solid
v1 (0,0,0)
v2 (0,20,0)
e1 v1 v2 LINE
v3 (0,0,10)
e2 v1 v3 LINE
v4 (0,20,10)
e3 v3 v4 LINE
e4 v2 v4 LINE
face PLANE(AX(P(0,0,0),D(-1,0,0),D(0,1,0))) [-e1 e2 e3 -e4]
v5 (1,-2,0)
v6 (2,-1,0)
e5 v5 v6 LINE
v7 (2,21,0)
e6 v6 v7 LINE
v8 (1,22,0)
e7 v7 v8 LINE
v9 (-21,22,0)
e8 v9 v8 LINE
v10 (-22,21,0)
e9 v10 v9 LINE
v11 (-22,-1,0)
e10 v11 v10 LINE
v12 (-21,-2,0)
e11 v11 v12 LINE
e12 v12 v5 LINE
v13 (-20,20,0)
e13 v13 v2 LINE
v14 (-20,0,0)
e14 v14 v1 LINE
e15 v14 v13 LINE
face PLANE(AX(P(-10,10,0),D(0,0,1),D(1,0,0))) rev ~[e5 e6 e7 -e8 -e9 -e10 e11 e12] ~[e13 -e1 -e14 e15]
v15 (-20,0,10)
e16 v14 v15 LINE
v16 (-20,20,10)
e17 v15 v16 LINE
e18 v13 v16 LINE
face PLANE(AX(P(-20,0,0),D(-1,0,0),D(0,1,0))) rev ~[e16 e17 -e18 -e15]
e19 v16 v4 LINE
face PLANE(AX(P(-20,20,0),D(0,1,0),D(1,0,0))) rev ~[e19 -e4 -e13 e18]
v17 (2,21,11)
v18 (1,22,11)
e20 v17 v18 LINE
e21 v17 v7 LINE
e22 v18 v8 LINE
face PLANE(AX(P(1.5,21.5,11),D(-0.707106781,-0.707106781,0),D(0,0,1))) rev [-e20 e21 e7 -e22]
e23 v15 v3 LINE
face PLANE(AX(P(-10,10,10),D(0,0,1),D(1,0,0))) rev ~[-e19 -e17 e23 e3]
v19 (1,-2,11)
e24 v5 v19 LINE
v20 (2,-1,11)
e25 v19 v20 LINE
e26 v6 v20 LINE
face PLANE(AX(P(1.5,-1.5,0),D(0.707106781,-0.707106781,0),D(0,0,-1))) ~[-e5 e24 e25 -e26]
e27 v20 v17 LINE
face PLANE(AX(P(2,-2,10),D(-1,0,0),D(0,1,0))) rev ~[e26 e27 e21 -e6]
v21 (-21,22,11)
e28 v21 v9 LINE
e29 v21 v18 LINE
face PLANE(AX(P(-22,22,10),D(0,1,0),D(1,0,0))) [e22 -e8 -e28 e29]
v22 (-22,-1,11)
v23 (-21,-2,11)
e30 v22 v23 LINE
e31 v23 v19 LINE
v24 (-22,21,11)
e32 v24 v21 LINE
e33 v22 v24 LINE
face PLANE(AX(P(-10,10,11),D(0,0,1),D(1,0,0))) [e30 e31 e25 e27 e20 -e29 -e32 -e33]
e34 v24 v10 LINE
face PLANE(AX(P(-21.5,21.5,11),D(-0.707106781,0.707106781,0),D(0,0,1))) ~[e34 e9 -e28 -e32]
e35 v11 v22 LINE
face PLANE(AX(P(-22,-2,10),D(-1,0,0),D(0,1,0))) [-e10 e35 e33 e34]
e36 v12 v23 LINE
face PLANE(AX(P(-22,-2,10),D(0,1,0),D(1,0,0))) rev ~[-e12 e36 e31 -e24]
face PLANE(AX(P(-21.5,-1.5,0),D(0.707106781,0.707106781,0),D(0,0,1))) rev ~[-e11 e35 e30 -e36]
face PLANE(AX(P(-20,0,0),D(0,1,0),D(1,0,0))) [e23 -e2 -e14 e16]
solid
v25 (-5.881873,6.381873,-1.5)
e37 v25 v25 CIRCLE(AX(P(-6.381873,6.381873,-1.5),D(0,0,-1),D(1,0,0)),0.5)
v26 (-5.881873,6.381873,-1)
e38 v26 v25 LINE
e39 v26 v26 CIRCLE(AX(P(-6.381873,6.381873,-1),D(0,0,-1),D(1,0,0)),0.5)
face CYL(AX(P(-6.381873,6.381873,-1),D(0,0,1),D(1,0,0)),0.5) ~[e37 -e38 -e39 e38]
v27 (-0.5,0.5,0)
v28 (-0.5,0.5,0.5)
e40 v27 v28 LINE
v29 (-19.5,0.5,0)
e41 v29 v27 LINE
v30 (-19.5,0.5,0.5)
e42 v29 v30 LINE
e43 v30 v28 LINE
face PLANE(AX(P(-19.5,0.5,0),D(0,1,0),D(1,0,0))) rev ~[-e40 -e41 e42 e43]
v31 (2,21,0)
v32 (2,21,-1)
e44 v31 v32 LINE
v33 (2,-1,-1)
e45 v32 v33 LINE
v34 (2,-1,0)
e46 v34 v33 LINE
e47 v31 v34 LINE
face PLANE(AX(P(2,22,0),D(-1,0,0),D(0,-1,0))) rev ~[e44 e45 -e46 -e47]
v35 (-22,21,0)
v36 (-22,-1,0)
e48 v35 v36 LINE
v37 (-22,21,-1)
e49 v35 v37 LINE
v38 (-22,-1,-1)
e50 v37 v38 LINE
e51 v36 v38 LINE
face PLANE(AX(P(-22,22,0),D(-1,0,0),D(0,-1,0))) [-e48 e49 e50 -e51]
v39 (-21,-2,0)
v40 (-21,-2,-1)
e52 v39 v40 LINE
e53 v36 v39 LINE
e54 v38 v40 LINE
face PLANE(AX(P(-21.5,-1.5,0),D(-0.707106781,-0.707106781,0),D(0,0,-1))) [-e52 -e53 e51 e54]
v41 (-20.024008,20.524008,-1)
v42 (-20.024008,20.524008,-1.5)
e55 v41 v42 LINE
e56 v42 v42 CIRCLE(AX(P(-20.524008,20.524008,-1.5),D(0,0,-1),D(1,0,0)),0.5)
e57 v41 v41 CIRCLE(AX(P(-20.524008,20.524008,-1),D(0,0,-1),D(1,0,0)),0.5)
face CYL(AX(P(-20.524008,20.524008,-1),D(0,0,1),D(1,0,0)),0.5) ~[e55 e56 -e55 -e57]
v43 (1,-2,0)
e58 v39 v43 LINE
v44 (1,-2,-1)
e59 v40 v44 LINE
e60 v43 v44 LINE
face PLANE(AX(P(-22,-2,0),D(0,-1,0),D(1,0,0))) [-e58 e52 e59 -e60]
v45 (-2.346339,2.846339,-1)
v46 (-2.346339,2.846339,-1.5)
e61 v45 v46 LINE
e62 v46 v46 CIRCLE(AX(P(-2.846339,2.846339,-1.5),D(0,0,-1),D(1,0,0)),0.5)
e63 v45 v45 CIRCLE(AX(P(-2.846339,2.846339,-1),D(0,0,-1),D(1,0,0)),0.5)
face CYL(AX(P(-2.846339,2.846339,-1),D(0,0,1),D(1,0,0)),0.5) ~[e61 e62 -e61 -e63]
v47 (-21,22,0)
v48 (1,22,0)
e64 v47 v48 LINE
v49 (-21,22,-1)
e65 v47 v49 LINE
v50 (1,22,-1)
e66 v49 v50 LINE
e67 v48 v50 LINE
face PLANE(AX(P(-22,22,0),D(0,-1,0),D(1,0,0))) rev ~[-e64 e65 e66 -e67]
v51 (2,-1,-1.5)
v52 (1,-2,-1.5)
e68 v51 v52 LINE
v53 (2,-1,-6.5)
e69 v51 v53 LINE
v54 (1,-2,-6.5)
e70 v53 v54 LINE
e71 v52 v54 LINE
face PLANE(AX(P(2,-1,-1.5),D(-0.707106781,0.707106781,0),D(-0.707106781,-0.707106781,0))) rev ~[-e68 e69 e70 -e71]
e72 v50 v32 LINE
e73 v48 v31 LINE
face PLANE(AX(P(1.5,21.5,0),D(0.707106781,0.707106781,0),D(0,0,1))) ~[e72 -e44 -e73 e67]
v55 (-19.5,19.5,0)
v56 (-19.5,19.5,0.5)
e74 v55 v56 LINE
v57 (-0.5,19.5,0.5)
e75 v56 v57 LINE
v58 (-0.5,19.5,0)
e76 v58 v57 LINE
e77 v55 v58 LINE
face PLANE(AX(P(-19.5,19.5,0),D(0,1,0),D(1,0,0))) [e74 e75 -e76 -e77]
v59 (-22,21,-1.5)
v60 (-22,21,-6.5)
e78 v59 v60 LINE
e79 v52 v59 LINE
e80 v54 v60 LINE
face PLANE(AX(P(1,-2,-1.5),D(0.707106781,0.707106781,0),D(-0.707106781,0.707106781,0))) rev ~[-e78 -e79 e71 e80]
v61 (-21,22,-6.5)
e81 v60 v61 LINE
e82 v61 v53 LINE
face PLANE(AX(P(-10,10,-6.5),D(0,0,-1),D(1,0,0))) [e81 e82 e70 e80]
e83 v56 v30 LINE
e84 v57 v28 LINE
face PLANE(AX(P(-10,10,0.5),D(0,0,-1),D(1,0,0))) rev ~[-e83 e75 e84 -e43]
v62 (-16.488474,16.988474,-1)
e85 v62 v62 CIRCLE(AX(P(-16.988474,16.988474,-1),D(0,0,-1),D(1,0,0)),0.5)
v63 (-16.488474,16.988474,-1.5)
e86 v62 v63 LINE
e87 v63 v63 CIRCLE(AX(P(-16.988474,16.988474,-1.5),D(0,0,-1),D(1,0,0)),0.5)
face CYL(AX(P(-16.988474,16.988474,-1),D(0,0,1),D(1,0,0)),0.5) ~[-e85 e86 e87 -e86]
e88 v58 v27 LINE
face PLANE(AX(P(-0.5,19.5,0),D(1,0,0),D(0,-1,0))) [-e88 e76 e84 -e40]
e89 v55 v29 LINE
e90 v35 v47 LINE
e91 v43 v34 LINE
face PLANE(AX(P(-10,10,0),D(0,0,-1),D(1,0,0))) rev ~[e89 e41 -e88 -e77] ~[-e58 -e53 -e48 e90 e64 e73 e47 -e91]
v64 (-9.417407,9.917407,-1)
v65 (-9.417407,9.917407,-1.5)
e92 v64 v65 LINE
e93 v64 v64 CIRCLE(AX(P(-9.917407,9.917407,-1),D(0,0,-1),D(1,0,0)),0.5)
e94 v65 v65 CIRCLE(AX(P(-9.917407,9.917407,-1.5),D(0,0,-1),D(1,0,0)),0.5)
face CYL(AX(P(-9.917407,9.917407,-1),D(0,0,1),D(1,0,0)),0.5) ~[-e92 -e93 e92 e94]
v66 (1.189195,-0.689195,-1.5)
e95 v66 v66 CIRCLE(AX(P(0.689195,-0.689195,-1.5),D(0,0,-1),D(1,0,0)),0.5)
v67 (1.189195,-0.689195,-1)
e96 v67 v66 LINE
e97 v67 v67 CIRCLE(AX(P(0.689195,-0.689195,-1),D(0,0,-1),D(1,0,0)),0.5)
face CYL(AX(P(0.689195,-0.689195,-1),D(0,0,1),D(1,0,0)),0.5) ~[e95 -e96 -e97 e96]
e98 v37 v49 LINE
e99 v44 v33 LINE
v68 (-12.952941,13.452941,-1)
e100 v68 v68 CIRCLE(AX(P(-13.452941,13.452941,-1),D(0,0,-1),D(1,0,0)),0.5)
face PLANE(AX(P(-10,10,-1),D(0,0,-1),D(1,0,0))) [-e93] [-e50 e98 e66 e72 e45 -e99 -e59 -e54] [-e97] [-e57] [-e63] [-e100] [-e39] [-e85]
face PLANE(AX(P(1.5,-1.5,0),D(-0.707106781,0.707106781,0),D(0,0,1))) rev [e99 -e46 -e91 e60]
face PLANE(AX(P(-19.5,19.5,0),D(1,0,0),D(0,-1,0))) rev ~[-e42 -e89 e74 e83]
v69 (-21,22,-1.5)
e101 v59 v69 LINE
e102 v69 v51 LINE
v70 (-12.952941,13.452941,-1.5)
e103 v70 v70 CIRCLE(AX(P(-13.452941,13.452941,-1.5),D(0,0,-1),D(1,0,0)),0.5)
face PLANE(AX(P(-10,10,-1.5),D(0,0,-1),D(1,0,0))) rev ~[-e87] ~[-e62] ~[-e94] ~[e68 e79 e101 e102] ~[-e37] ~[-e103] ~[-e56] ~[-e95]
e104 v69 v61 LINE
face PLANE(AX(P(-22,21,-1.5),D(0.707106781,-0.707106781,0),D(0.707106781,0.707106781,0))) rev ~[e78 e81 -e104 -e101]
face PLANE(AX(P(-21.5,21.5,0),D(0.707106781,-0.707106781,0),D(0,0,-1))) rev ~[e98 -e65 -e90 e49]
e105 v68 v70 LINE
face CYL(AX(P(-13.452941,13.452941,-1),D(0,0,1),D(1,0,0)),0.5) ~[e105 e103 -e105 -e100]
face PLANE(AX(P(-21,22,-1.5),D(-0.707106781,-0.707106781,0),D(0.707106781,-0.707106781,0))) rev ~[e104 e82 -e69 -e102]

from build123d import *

# Parameters (mm, degrees)
SKETCH_W        = 24
SKETCH_H        = 24
SKETCH_W_2      = 20
SKETCH_H_2      = 20
PAD_DEPTH       = 10
SKETCH001_W     = 24
SKETCH001_H     = 24
PAD001_DEPTH    = 1
CHAMFER_SIZE    = 1
SKETCH002_W     = 24
SKETCH002_H     = 24
PAD002_DEPTH    = 1
SKETCH003_W     = 19
SKETCH003_H     = 19
PAD003_DEPTH    = 0.5
CHAMFER001_SIZE = 1
SKETCH004_R     = 0.5
PAD004_DEPTH    = 0.5
PAD005_DEPTH    = 5


with BuildPart() as box:
    # Sketch → Pad (new body)
    with BuildSketch(Plane.XY):
        with Locations((-10, 10)):
            Rectangle(SKETCH_W, SKETCH_H)
        with Locations((-10, 10)):
            Rectangle(SKETCH_W_2, SKETCH_H_2, mode=Mode.SUBTRACT)
    extrude(amount=PAD_DEPTH)

    # Sketch001 (on Face10 of Pad) → Pad001 (join)
    with BuildSketch(Plane.XY.offset(10)):
        with Locations((-10, 10)):
            Rectangle(SKETCH001_W, SKETCH001_H)
    extrude(amount=PAD001_DEPTH)

    # Chamfer
    chamfer_edges = [box.edges().sort_by_distance(p)[0] for p in [
        (-22, 22, 5),
        (2, 22, 5),
        (2, -2, 5),
        (-22, -2, 5),
    ]]
    chamfer(chamfer_edges, length=CHAMFER_SIZE)


with BuildPart() as cap:
    # Sketch002 (on Face1 of ShapeBinder) → Pad002 (new body)
    with BuildSketch(Plane(origin=(0, 0, 0), x_dir=(1, 0, 0), z_dir=(0, 0, -1))):
        with Locations((-10, -10)):
            Rectangle(SKETCH002_W, SKETCH002_H)
    extrude(amount=PAD002_DEPTH)

    # Sketch003 (on Face1 of ShapeBinder) → Pad003 (join)
    with BuildSketch(Plane(origin=(0, 0, 0), x_dir=(1, 0, 0), z_dir=(0, 0, -1))):
        with Locations((-10, -10)):
            Rectangle(SKETCH003_W, SKETCH003_H)
    extrude(amount=-PAD003_DEPTH)

    # Chamfer001
    chamfer001_edges = [cap.edges().sort_by_distance(p)[0] for p in [
        (2, -2, -0.5),
        (-22, -2, -0.5),
        (-22, 22, -0.5),
        (2, 22, -0.5),
    ]]
    chamfer(chamfer001_edges, length=CHAMFER001_SIZE)

    # Sketch004 (on Face5 of Chamfer001) → Pad004 (join)
    with BuildSketch(Plane(origin=(0, 0, -1), x_dir=(1, 0, 0), z_dir=(0, 0, -1))):
        with Locations((-20.524008, -20.524008)):
            Circle(SKETCH004_R)
        with Locations((-16.988474, -16.988474)):
            Circle(SKETCH004_R)
        with Locations((-13.452941, -13.452941)):
            Circle(SKETCH004_R)
        with Locations((-9.917407, -9.917407)):
            Circle(SKETCH004_R)
        with Locations((-6.381873, -6.381873)):
            Circle(SKETCH004_R)
        with Locations((-2.846339, -2.846339)):
            Circle(SKETCH004_R)
        with Locations((0.689195, 0.689195)):
            Circle(SKETCH004_R)
    extrude(amount=PAD004_DEPTH)

    # Sketch005 (on Face27 of Pad004) → Pad005 (join)
    with BuildSketch(Plane(origin=(0, 0, -1.5), x_dir=(1, 0, 0), z_dir=(0, 0, -1))):
        Polygon((1, 2), (-22, -21), (-21, -22), (2, 1), align=None)
    extrude(amount=PAD005_DEPTH)


solid = Compound([box.part, cap.part])
